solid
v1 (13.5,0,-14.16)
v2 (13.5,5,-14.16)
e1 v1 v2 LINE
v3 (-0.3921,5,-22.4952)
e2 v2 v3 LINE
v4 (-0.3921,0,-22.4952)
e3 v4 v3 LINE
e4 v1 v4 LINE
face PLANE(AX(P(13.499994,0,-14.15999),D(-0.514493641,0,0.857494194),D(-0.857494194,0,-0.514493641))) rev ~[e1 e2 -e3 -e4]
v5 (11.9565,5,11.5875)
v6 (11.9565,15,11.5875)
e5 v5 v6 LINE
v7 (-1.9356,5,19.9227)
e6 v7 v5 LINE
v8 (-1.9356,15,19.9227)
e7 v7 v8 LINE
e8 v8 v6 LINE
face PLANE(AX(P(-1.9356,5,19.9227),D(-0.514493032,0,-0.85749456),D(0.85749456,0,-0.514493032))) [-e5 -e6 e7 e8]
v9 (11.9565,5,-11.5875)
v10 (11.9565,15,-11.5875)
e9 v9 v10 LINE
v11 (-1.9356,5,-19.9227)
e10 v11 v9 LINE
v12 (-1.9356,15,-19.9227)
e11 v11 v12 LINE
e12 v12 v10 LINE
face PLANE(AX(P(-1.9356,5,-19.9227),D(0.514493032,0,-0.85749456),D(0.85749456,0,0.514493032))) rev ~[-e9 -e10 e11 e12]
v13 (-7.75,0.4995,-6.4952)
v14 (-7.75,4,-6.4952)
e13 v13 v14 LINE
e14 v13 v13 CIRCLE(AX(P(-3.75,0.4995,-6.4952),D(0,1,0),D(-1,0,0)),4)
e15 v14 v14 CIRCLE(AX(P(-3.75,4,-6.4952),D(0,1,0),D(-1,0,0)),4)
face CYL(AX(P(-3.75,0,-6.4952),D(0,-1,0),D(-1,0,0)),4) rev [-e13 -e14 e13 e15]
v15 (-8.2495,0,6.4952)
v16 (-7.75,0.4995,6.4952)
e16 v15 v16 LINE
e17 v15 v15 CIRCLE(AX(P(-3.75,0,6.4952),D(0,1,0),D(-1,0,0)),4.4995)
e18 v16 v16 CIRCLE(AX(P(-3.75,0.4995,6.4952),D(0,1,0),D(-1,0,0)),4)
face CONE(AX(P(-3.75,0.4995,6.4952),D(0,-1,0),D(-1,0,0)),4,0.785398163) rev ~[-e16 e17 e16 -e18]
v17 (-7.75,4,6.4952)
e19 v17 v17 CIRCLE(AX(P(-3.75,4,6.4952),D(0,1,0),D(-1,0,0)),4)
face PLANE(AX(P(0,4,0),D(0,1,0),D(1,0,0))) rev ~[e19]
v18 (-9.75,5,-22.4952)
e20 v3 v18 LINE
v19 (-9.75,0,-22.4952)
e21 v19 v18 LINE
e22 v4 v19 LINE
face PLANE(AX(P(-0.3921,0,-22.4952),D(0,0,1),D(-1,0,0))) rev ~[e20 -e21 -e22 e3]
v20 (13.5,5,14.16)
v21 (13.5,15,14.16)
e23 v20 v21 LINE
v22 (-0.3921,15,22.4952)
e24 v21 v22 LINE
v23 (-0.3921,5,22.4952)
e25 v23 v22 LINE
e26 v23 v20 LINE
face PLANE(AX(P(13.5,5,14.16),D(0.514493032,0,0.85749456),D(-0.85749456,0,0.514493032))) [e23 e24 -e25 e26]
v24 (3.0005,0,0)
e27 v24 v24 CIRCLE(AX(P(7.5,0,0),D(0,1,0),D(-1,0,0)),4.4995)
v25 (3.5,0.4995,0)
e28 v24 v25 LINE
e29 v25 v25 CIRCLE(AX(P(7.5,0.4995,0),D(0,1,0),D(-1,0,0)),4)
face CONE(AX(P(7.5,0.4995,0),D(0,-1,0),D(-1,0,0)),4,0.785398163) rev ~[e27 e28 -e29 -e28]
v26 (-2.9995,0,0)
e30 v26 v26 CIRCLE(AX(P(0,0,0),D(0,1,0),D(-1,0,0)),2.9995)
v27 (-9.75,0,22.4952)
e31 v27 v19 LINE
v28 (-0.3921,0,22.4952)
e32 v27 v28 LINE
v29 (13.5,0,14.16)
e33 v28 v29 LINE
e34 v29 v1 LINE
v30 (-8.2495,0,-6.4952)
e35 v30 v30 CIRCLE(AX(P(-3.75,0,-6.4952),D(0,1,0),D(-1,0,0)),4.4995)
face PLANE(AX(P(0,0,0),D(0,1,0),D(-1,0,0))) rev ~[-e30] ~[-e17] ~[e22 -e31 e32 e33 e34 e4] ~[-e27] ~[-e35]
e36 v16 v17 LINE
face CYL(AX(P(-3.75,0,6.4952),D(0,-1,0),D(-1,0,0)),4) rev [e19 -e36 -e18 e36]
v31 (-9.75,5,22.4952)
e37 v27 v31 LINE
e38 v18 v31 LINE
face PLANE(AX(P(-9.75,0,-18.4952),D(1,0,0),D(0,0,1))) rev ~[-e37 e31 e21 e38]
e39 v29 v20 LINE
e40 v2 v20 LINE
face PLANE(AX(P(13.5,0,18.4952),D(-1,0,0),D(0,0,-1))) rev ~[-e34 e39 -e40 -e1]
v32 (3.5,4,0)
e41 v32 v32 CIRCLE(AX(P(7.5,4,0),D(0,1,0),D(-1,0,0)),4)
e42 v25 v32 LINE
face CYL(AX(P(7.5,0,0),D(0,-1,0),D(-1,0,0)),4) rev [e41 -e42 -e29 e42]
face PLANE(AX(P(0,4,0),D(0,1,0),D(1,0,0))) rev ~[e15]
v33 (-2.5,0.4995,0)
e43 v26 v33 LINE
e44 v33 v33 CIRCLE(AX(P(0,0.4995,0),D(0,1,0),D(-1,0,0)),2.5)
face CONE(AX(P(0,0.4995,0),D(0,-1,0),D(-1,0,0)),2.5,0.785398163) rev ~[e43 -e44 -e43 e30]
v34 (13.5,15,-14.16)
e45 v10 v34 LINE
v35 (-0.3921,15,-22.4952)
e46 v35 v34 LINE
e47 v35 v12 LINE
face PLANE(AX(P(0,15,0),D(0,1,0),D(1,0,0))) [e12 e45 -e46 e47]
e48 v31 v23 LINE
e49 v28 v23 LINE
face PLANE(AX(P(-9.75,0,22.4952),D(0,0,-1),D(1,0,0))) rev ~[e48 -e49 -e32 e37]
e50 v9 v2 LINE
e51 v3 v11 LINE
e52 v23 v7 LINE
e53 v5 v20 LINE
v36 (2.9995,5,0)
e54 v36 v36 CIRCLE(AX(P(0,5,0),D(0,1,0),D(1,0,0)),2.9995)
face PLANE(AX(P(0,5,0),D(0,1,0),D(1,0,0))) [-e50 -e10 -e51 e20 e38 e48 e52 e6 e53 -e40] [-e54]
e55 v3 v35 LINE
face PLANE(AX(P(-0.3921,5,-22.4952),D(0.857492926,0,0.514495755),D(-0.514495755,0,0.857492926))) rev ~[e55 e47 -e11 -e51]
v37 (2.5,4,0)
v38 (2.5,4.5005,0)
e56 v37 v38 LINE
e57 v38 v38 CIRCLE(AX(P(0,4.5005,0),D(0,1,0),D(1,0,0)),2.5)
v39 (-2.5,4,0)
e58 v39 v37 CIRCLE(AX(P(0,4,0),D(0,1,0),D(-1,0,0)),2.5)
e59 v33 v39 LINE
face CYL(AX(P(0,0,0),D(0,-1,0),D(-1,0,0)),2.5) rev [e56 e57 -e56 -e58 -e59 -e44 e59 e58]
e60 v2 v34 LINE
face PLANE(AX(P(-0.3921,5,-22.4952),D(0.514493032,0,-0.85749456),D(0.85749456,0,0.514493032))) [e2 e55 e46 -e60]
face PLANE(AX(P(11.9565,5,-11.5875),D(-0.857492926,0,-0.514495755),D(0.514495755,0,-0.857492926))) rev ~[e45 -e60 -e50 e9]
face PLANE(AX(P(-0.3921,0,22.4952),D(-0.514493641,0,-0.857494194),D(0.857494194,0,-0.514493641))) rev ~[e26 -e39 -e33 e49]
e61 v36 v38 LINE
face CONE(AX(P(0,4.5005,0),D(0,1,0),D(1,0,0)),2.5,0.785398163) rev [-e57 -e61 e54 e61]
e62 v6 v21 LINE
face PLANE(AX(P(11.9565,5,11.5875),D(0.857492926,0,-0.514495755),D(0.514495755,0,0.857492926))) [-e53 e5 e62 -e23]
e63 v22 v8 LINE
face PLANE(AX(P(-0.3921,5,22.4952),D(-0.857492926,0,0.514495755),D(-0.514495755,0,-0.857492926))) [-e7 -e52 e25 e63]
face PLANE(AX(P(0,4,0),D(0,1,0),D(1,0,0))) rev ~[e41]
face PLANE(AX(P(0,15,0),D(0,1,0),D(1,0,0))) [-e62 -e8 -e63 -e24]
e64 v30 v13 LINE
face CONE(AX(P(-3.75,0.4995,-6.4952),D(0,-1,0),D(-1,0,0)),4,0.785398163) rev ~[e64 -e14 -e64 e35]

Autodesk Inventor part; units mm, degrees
ref_plane "YZ Plane" through (0, 0, 0) normal (1, 0, 0) x (0, 1, 0)
ref_plane "XZ Plane" through (0, 0, 0) normal (0, 1, 0) x (-1, 0, 0)
ref_plane "XY Plane" through (0, 0, 0) normal (0, 0, 1) x (1, 0, 0)
sketch "Sketch1" plane through (0, 0, 0) normal (0, 1, 0) x (-1, 0, 0)
  line L0 (-13.5, -18.4952) -> (9.75, -18.4952)
  line L1 (9.75, -18.4952) -> (9.75, 18.4952)
  line L2 (9.75, 18.4952) -> (-13.5, 18.4952)
  line L3 (-13.5, 18.4952) -> (-13.5, -18.4952)
  circle A0 centre (-7.5, 0) radius 4
  circle A1 centre (3.75, -6.4952) radius 4
  circle A2 centre (3.75, 6.4952) radius 4
  circle A3 centre (0, 0) radius 7.5 construction
  circle A4 centre (0, 0) radius 2.5
  dimension "d11" = 15
  dimension "d2" = 8
  dimension "d6" = 360
  dimension "d8" = 6
  dimension "d9" = 6
  dimension "d1" = 12
  dimension "d13" = 12
  dimension "d35" = 5
extrude "Extrusion1" add sketch "Sketch1" along normal blind 4
sketch "Sketch2" plane through (0, 4, 0) normal (0, 1, 0) x (1, 0, 0)
  circle A0 centre (-3.75, -6.4952) radius 4 projected
  circle A1 centre (-3.75, 6.4952) radius 4 projected
  circle A2 centre (7.5, 0) radius 4 projected
  line L0 (13.5, 18.4952) -> (-9.75, 18.4952) projected
  line L1 (-9.75, 18.4952) -> (-9.75, -18.4952) projected
  line L2 (-9.75, -18.4952) -> (13.5, -18.4952) projected
  line L3 (13.5, -18.4952) -> (13.5, 18.4952) projected
  circle A3 centre (0, 0) radius 2.5
  dimension "d16" = 5
extrude "Extrusion2" add sketch "Sketch2" along normal blind 1 contours A0 | A1 | A2 | L3 L2 L1 L0
sketch "Sketch3" plane through (0, 0, 0) normal (0, -1, 0) x (1, 0, 0)
  circle A0 centre (-3.75, 6.4952) radius 4 projected
  circle A1 centre (-3.75, -6.4952) radius 4 projected
  circle A2 centre (7.5, 0) radius 4 projected
  line L0 (13.5, -18.4952) -> (-9.75, -18.4952) projected
  line L1 (13.5, 18.4952) -> (13.5, -18.4952) projected
  line L2 (-9.75, 18.4952) -> (13.5, 18.4952) projected
  line L3 (-9.75, -18.4952) -> (-9.75, 18.4952) construction
  line L4 (-1.5, 18.4952) -> (13.5, 9.4952)
  line L5 (13.5, 18.4952) -> (13.5, -18.4952) projected
  line L6 (13.5, -9.4952) -> (-1.5, -18.4952)
  point P0 (0, 0)
  dimension "d19" = 9
  dimension "d20" = 9
  dimension "d21" = 15
  dimension "d22" = 15
extrude "Extrusion3" cut sketch "Sketch3" against normal through all contours L4 L2 L1 | L0 L6 L1
sketch "Sketch5" plane through (0, 0, 0) normal (0, -1, 0) x (1, 0, 0)
  line L0 (13.5, 9.4952) -> (-1.5, 18.4952) projected
  line L1 (-9.75, 18.4952) -> (-1.5, 18.4952) projected
  line L2 (-9.75, -18.4952) -> (-9.75, 18.4952) projected
  line L3 (-1.5, -18.4952) -> (-9.75, -18.4952) projected
  line L4 (-1.5, -18.4952) -> (13.5, -9.4952) projected
  line L5 (13.5, 9.4952) -> (13.5, -9.4952) projected
  circle A0 centre (-3.75, 6.4952) radius 4 projected
  circle A1 centre (-3.75, -6.4952) radius 4 projected
  circle A2 centre (7.5, 0) radius 4 projected
  line L6 (17.5, -11.76) -> (-0.3921, -22.4952)
  line L7 (-0.3921, -22.4952) -> (-13.75, -22.4952)
  line L8 (-13.75, -22.4952) -> (-13.75, 22.4952)
  line L9 (-13.75, 22.4952) -> (-0.3921, 22.4952)
  line L10 (-0.3921, 22.4952) -> (17.5, 11.76)
  line L11 (17.5, 11.76) -> (17.5, -11.76)
  line L12 (13.5, -9.4952) -> (13.5, -14.16)
  line L13 (13.5, 3.4118) -> (13.5, 14.16)
  line L14 (-1.5, -18.4952) -> (-9.75, -18.4952) projected
  line L15 (-9.75, -18.4952) -> (-9.75, -22.4952)
  line L16 (-9.75, 18.4952) -> (-1.5, 18.4952) projected
  line L17 (-9.75, 18.4952) -> (-9.75, 22.4952)
  line L18 (-1.5, -18.4952) -> (13.5, -9.4952) projected
  line L19 (13.5, -9.4952) -> (-1.5, -18.4952)
  line L20 (-1.5, -18.4952) -> (-9.75, -18.4952)
  line L21 (-9.75, -18.4952) -> (-9.75, 18.4952) projected
  line L22 (-9.75, 18.4952) -> (-1.5, 18.4952)
  line L23 (13.5, 9.4952) -> (-1.5, 18.4952) projected
  line L24 (13.5, 9.4952) -> (-1.5, 18.4952)
  line L25 (13.5, -9.4952) -> (13.5, 3.4118)
  point P0 (0, 0)
  dimension "d27" = 4
extrude "Extrusion5" add sketch "Sketch5" against normal up to surface (5 mm away) contours L0 L1 L17 L9 L10 L13 | L12 L6 L7 L15 L3 L4
sketch "Sketch6" plane through (0, 5, 0) normal (0, 1, 0) x (1, 0, 0)
  line L0 (13.5, -14.16) -> (13.5, 14.16) projected
  line L1 (-0.3921, 22.4952) -> (13.5, 14.16) projected
  line L2 (-9.75, 22.4952) -> (-0.3921, 22.4952) projected
  line L3 (-9.75, -22.4952) -> (-9.75, 22.4952) projected
  line L4 (-0.3921, -22.4952) -> (-9.75, -22.4952) projected
  line L5 (13.5, -14.16) -> (-0.3921, -22.4952) projected
  line L6 (13.5, 14.16) -> (-0.3921, 22.4952)
  line L7 (-0.3921, 22.4952) -> (-1.9356, 19.9227)
  line L8 (-1.9356, 19.9227) -> (11.9565, 11.5875)
  line L9 (11.9565, 11.5875) -> (13.5, 14.16)
  line L10 (13.5, -14.16) -> (13.5, 14.16) projected
  line L11 (13.5, -14.16) -> (-0.3921, -22.4952)
  line L12 (-0.3921, -22.4952) -> (-1.9356, -19.9227)
  line L13 (-1.9356, -19.9227) -> (11.9565, -11.5875)
  line L14 (11.9565, -11.5875) -> (13.5, -14.16)
  point P0 (0, 0)
  dimension "d30" = 3
  dimension "d31" = 3
extrude "Extrusion6" add sketch "Sketch6" along normal blind 10 contours L5 L12 L13 L14 | L9 L8 L7 L1
chamfer "Chamfer1" distance 0.5 angle 45 5 edges at (2.5, 0, 0) (-2.5, 5, 0) (0.25, 0, 6.4952) (11.5, 0, 0) (0.25, 0, -6.4952)
equation "\"d13\" = d1"
properties part number "30_Cube_Z_Focus_Drylin_NEMA_slide_part1"
